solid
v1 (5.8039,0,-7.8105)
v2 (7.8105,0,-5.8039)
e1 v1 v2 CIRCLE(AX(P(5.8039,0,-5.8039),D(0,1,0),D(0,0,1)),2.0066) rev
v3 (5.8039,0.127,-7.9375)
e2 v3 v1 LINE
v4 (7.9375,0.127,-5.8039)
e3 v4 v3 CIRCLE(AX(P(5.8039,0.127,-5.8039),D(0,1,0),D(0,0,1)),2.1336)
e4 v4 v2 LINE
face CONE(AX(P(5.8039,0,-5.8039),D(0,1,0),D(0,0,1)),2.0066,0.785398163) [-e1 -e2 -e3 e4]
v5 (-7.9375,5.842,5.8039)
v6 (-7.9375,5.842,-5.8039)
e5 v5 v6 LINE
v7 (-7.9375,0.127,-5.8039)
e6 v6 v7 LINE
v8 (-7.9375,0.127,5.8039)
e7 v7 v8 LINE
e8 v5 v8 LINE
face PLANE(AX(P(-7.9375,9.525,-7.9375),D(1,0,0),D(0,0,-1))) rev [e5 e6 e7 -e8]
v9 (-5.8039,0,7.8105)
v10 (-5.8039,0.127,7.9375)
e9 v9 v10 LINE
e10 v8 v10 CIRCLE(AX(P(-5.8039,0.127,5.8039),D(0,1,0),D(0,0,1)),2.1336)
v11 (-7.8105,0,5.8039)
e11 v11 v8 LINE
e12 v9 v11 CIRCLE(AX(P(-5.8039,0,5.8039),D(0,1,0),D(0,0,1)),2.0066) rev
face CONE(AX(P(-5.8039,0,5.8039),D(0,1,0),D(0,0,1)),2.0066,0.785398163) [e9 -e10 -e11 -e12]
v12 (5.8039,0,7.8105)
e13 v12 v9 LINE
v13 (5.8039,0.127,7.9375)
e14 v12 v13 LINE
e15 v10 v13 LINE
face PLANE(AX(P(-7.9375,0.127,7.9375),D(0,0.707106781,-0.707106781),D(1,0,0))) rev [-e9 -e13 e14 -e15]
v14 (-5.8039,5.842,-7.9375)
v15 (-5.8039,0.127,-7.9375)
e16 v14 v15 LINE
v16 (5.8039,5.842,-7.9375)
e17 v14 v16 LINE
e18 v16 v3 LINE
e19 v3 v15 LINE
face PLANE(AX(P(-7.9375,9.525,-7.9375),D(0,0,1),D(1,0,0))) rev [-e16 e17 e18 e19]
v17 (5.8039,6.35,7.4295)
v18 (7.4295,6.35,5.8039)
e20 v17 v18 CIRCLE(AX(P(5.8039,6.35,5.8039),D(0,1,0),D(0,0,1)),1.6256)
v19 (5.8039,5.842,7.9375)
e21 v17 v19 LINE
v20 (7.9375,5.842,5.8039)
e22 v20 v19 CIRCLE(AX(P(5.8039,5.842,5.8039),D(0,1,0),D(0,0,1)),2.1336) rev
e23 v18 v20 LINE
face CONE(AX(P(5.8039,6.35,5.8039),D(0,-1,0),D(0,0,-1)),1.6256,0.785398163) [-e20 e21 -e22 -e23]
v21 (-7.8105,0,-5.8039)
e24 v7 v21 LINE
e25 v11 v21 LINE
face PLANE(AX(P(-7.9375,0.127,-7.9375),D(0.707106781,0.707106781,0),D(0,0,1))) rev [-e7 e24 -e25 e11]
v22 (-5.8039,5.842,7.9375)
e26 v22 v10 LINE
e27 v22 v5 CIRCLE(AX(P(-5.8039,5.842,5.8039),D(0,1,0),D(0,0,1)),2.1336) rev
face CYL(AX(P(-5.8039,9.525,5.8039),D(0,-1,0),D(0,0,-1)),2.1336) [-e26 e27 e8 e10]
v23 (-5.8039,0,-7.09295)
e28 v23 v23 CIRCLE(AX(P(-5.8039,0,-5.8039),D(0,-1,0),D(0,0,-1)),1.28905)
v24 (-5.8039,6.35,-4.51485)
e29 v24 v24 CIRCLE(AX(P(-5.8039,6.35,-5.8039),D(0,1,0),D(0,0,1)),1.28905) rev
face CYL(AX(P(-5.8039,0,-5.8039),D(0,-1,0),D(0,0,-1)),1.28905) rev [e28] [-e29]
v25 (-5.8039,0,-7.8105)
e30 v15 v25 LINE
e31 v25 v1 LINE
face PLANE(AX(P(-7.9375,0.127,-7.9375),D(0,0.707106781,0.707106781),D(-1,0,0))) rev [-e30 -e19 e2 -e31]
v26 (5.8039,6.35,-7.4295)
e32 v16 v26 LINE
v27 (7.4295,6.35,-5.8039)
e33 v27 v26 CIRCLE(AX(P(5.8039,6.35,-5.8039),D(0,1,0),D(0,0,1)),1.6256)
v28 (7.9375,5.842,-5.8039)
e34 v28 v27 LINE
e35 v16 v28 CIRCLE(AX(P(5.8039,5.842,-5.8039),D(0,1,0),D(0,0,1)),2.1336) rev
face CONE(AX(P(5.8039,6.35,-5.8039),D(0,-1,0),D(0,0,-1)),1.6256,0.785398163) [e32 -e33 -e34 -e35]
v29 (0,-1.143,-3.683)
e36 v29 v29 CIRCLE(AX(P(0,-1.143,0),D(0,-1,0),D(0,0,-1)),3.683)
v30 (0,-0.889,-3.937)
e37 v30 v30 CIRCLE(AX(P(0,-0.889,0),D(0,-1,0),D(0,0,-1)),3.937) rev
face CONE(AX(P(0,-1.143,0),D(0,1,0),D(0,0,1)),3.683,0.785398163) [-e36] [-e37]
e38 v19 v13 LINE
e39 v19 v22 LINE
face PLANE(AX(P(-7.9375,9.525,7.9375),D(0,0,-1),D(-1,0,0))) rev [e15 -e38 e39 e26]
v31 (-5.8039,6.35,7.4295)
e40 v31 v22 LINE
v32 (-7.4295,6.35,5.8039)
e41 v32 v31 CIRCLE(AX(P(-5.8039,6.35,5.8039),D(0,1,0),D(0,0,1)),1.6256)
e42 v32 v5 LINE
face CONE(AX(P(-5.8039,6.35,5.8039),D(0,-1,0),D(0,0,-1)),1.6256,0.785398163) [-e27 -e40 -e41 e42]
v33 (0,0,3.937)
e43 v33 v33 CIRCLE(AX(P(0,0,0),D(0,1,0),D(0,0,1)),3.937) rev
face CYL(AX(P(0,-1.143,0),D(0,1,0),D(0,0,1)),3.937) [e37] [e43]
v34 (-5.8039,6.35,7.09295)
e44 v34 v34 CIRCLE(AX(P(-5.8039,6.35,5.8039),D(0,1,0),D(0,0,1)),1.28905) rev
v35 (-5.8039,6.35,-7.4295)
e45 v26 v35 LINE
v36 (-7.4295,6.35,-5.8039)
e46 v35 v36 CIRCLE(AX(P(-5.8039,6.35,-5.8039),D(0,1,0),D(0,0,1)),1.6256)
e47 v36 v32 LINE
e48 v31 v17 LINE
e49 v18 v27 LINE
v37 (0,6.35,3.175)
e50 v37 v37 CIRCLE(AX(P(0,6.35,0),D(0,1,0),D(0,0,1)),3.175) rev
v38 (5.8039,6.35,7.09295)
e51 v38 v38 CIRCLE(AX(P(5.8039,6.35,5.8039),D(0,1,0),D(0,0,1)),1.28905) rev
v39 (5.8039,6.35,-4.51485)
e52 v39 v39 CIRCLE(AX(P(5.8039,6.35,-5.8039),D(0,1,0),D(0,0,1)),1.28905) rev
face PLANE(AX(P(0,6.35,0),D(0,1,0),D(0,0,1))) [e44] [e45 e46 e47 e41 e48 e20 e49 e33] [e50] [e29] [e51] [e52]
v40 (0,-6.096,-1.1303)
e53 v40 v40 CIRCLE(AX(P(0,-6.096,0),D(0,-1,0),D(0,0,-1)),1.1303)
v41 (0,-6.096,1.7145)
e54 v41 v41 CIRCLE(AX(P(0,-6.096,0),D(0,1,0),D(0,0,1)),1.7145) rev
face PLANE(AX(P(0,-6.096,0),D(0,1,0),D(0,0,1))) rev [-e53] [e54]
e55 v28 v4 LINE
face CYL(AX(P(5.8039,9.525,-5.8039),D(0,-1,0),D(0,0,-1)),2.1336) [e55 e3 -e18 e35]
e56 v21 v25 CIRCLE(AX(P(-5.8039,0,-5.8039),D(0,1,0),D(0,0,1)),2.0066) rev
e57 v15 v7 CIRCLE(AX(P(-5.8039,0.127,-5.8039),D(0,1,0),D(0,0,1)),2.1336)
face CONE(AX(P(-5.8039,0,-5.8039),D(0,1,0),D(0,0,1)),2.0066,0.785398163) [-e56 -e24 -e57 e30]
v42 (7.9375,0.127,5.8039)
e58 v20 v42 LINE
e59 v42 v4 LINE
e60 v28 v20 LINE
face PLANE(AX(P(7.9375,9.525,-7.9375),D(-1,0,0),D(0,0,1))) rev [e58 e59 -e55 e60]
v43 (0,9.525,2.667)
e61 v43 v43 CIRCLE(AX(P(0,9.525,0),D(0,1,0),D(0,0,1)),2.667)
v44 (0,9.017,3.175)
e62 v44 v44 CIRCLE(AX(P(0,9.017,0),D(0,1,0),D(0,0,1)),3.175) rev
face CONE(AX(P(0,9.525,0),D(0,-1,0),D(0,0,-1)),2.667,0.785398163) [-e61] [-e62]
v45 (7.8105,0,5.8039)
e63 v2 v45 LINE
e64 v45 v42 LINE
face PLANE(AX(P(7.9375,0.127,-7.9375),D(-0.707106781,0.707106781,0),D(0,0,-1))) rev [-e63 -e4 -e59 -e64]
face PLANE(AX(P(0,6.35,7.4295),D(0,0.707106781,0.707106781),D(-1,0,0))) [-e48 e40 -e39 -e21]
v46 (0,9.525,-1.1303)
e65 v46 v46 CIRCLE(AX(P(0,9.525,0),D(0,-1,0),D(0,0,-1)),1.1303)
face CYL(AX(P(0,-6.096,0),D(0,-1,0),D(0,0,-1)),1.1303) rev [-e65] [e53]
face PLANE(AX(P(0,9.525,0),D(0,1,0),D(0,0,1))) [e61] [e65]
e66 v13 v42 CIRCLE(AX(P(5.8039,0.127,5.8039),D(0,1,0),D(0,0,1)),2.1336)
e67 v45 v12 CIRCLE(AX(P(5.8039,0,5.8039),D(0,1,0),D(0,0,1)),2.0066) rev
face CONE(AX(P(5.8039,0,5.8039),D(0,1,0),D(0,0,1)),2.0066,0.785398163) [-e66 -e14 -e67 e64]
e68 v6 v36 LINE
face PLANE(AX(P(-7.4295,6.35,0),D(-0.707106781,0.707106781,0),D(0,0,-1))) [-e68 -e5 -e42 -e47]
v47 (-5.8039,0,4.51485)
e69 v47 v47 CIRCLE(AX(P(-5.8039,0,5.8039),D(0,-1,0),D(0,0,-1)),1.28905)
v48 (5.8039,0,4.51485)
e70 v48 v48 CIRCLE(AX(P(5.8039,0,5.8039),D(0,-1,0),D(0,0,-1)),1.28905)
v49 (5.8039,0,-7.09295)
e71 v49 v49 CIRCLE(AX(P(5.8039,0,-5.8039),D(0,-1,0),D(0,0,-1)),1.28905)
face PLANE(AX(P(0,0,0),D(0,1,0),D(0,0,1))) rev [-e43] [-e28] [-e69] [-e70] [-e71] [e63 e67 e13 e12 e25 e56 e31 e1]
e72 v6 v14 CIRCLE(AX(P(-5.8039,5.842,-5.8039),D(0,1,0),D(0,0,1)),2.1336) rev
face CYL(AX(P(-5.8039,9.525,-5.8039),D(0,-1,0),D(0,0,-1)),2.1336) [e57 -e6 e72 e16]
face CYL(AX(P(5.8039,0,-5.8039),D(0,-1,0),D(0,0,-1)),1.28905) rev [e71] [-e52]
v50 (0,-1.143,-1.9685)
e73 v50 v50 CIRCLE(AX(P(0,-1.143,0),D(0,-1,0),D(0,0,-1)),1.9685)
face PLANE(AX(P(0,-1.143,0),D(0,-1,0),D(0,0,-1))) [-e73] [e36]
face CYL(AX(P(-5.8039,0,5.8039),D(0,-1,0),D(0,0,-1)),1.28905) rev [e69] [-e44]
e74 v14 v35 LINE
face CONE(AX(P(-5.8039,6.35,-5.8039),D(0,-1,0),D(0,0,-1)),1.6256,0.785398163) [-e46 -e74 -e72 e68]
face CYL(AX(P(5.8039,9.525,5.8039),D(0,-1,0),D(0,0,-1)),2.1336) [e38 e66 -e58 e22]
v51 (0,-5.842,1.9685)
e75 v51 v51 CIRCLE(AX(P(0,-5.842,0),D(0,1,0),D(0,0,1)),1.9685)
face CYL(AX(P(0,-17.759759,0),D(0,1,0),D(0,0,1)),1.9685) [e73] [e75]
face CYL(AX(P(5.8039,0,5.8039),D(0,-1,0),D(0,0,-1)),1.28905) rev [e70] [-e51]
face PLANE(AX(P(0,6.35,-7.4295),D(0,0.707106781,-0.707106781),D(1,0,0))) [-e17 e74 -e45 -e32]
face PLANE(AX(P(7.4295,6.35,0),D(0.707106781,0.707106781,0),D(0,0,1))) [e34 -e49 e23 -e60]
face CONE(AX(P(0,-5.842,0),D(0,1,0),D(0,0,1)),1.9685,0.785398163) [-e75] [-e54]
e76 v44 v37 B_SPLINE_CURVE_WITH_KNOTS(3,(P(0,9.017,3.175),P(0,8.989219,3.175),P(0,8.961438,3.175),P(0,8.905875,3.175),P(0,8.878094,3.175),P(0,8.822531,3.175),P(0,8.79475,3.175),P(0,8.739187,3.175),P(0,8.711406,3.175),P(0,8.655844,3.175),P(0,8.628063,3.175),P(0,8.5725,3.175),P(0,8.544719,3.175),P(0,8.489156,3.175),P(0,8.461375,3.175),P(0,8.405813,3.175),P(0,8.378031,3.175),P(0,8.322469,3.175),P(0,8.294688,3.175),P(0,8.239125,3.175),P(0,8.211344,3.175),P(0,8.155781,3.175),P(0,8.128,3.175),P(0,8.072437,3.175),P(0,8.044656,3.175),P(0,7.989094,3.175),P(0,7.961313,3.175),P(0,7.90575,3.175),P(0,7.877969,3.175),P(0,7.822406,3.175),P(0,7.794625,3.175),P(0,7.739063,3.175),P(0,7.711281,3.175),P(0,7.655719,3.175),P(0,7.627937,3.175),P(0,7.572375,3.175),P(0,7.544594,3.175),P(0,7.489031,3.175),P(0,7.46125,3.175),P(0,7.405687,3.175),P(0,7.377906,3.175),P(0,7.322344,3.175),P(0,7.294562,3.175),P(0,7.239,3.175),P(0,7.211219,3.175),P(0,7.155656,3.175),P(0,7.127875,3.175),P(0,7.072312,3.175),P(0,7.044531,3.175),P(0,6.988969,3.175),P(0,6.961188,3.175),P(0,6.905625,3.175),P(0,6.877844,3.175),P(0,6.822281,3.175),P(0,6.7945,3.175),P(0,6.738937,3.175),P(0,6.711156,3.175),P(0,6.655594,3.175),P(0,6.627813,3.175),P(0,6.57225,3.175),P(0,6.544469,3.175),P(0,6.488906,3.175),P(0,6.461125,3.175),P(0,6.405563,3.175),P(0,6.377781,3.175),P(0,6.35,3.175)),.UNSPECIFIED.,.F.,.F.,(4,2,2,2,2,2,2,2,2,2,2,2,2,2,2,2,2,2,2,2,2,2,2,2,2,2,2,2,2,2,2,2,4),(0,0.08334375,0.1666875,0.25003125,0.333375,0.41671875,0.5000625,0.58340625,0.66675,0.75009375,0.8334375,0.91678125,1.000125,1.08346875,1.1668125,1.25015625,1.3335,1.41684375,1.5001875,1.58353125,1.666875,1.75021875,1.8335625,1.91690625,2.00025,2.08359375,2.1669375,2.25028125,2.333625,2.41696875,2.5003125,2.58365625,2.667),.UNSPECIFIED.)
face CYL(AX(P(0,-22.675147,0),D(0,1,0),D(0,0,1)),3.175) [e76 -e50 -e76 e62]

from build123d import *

# Parameters (mm, degrees)
SKETCH1_W             = 15.875
SKETCH1_H             = 15.875
BOSS_EXTRUDE1_DEPTH   = 9.525
F_5_40_TAPPED_HOLE1_D = 2.5781
SKETCH4_R             = 3.937
BOSS_EXTRUDE2_DEPTH   = 1.143
SKETCH10_R            = 1.9685
BOSS_EXTRUDE4_DEPTH   = 4.953
F_4_40_TAPPED_HOLE1_D = 2.2606
SKETCH9_OUTSIDE_W     = 23.345
SKETCH9_OUTSIDE_H     = 23.345
SKETCH9_OUTSIDE_R     = 3.175
CUT_EXTRUDE3_DEPTH    = 3.175
SKETCH11_OUTSIDE_W    = 23.345
SKETCH11_OUTSIDE_H    = 23.345
CUT_EXTRUDE4_DEPTH    = 15.721869362
CHAMFER1_SIZE         = 0.254
CHAMFER3_SIZE         = 0.508
CHAMFER4_SIZE         = 0.127


with BuildPart() as part:
    # Sketch1 → Boss-Extrude1 (new body)
    with BuildSketch(Plane(origin=(0, 0, 0), x_dir=(1, 0, 0), z_dir=(0, 1, 0))):
        Rectangle(SKETCH1_W, SKETCH1_H)
    extrude(amount=BOSS_EXTRUDE1_DEPTH)

    # #5-40 Tapped Hole1 (through all)
    with Locations(Plane(origin=(0, 0, 0), x_dir=(-1, 0, 0), z_dir=(0, -1, 0))):
        with Locations((-5.8039, -5.8039), (-5.8039, 5.8039), (5.8039, 5.8039), (5.8039, -5.8039)):
            Hole(F_5_40_TAPPED_HOLE1_D / 2)

    # Sketch4 → Boss-Extrude2 (add)
    with BuildSketch(Plane.XZ):
        with Locations(Location((0, 0, 0), (0, 0, 90))):
            Circle(SKETCH4_R)
    extrude(amount=BOSS_EXTRUDE2_DEPTH)

    # Sketch10 → Boss-Extrude4 (add)
    with BuildSketch(Plane.XZ.offset(1.143)):
        with Locations(Location((0, 0, 0), (0, 0, 90))):
            Circle(SKETCH10_R)
    extrude(amount=BOSS_EXTRUDE4_DEPTH)

    # #4-40 Tapped Hole1 (through all)
    with Locations(Plane(origin=(0, -6.096, 0), x_dir=(-1, 0, 0), z_dir=(0, -1, 0))):
        with Locations((0, 0)):
            Hole(F_4_40_TAPPED_HOLE1_D / 2)

    # Sketch9 outside → Cut-Extrude3 (cut)
    with BuildSketch(Plane(origin=(0, 9.525, 0), x_dir=(1, 0, 0), z_dir=(0, 1, 0))):
        with Locations((-0.0005, -0.0005)):
            Rectangle(SKETCH9_OUTSIDE_W, SKETCH9_OUTSIDE_H)
        with Locations(Location((0, 0, 0), (0, 0, 270))):
            Circle(SKETCH9_OUTSIDE_R, mode=Mode.SUBTRACT)
    extrude(amount=-CUT_EXTRUDE3_DEPTH, mode=Mode.SUBTRACT)

    # Sketch11 outside → Cut-Extrude4 (cut, through all)
    with BuildSketch(Plane.XZ):
        with Locations((-0.0005, 0.0005)):
            Rectangle(SKETCH11_OUTSIDE_W, SKETCH11_OUTSIDE_H)
        with BuildLine():
            Line((-5.8039, 7.9375), (5.8039, 7.9375))
            ThreePointArc((5.8039, 7.9375), (7.312583028, 7.312583028), (7.9375, 5.8039))
            Line((7.9375, 5.8039), (7.9375, -5.8039))
            ThreePointArc((7.9375, -5.8039), (7.312583028, -7.312583028), (5.8039, -7.9375))
            Line((5.8039, -7.9375), (-5.8039, -7.9375))
            ThreePointArc((-5.8039, -7.9375), (-7.312583028, -7.312583028), (-7.9375, -5.8039))
            Line((-7.9375, -5.8039), (-7.9375, 5.8039))
            ThreePointArc((-7.9375, 5.8039), (-7.312583028, 7.312583028), (-5.8039, 7.9375))
        make_face(mode=Mode.SUBTRACT)
    extrude(amount=-CUT_EXTRUDE4_DEPTH, mode=Mode.SUBTRACT)

    # Chamfer1
    chamfer1_edges = [part.edges().sort_by_distance(p)[0] for p in [
        (0, -1.143, -3.937),
        (0, -6.096, -1.9685),
    ]]
    chamfer(chamfer1_edges, length=CHAMFER1_SIZE)

    # Chamfer3
    chamfer3_edges = [part.edges().sort_by_distance(p)[0] for p in [
        (0, 9.525, -3.175),
        (7.9375, 6.35, 0),
        (0, 6.35, -7.9375),
        (-7.9375, 6.35, 0),
        (0, 6.35, 7.9375),
        (-7.312583028, 6.35, -7.312583028),
        (7.312583028, 6.35, -7.312583028),
        (7.312583028, 6.35, 7.312583028),
        (-7.312583028, 6.35, 7.312583028),
    ]]
    chamfer(chamfer3_edges, length=CHAMFER3_SIZE)

    # Chamfer4
    chamfer4_edges = [part.edges().sort_by_distance(p)[0] for p in [
        (-7.312583028, 0, 7.312583028),
        (7.312583028, 0, 7.312583028),
        (7.312583028, 0, -7.312583028),
        (-7.312583028, 0, -7.312583028),
        (7.9375, 0, 0),
        (0, 0, 7.9375),
        (-7.9375, 0, 0),
        (0, 0, -7.9375),
    ]]
    chamfer(chamfer4_edges, length=CHAMFER4_SIZE)


solid = part.part
